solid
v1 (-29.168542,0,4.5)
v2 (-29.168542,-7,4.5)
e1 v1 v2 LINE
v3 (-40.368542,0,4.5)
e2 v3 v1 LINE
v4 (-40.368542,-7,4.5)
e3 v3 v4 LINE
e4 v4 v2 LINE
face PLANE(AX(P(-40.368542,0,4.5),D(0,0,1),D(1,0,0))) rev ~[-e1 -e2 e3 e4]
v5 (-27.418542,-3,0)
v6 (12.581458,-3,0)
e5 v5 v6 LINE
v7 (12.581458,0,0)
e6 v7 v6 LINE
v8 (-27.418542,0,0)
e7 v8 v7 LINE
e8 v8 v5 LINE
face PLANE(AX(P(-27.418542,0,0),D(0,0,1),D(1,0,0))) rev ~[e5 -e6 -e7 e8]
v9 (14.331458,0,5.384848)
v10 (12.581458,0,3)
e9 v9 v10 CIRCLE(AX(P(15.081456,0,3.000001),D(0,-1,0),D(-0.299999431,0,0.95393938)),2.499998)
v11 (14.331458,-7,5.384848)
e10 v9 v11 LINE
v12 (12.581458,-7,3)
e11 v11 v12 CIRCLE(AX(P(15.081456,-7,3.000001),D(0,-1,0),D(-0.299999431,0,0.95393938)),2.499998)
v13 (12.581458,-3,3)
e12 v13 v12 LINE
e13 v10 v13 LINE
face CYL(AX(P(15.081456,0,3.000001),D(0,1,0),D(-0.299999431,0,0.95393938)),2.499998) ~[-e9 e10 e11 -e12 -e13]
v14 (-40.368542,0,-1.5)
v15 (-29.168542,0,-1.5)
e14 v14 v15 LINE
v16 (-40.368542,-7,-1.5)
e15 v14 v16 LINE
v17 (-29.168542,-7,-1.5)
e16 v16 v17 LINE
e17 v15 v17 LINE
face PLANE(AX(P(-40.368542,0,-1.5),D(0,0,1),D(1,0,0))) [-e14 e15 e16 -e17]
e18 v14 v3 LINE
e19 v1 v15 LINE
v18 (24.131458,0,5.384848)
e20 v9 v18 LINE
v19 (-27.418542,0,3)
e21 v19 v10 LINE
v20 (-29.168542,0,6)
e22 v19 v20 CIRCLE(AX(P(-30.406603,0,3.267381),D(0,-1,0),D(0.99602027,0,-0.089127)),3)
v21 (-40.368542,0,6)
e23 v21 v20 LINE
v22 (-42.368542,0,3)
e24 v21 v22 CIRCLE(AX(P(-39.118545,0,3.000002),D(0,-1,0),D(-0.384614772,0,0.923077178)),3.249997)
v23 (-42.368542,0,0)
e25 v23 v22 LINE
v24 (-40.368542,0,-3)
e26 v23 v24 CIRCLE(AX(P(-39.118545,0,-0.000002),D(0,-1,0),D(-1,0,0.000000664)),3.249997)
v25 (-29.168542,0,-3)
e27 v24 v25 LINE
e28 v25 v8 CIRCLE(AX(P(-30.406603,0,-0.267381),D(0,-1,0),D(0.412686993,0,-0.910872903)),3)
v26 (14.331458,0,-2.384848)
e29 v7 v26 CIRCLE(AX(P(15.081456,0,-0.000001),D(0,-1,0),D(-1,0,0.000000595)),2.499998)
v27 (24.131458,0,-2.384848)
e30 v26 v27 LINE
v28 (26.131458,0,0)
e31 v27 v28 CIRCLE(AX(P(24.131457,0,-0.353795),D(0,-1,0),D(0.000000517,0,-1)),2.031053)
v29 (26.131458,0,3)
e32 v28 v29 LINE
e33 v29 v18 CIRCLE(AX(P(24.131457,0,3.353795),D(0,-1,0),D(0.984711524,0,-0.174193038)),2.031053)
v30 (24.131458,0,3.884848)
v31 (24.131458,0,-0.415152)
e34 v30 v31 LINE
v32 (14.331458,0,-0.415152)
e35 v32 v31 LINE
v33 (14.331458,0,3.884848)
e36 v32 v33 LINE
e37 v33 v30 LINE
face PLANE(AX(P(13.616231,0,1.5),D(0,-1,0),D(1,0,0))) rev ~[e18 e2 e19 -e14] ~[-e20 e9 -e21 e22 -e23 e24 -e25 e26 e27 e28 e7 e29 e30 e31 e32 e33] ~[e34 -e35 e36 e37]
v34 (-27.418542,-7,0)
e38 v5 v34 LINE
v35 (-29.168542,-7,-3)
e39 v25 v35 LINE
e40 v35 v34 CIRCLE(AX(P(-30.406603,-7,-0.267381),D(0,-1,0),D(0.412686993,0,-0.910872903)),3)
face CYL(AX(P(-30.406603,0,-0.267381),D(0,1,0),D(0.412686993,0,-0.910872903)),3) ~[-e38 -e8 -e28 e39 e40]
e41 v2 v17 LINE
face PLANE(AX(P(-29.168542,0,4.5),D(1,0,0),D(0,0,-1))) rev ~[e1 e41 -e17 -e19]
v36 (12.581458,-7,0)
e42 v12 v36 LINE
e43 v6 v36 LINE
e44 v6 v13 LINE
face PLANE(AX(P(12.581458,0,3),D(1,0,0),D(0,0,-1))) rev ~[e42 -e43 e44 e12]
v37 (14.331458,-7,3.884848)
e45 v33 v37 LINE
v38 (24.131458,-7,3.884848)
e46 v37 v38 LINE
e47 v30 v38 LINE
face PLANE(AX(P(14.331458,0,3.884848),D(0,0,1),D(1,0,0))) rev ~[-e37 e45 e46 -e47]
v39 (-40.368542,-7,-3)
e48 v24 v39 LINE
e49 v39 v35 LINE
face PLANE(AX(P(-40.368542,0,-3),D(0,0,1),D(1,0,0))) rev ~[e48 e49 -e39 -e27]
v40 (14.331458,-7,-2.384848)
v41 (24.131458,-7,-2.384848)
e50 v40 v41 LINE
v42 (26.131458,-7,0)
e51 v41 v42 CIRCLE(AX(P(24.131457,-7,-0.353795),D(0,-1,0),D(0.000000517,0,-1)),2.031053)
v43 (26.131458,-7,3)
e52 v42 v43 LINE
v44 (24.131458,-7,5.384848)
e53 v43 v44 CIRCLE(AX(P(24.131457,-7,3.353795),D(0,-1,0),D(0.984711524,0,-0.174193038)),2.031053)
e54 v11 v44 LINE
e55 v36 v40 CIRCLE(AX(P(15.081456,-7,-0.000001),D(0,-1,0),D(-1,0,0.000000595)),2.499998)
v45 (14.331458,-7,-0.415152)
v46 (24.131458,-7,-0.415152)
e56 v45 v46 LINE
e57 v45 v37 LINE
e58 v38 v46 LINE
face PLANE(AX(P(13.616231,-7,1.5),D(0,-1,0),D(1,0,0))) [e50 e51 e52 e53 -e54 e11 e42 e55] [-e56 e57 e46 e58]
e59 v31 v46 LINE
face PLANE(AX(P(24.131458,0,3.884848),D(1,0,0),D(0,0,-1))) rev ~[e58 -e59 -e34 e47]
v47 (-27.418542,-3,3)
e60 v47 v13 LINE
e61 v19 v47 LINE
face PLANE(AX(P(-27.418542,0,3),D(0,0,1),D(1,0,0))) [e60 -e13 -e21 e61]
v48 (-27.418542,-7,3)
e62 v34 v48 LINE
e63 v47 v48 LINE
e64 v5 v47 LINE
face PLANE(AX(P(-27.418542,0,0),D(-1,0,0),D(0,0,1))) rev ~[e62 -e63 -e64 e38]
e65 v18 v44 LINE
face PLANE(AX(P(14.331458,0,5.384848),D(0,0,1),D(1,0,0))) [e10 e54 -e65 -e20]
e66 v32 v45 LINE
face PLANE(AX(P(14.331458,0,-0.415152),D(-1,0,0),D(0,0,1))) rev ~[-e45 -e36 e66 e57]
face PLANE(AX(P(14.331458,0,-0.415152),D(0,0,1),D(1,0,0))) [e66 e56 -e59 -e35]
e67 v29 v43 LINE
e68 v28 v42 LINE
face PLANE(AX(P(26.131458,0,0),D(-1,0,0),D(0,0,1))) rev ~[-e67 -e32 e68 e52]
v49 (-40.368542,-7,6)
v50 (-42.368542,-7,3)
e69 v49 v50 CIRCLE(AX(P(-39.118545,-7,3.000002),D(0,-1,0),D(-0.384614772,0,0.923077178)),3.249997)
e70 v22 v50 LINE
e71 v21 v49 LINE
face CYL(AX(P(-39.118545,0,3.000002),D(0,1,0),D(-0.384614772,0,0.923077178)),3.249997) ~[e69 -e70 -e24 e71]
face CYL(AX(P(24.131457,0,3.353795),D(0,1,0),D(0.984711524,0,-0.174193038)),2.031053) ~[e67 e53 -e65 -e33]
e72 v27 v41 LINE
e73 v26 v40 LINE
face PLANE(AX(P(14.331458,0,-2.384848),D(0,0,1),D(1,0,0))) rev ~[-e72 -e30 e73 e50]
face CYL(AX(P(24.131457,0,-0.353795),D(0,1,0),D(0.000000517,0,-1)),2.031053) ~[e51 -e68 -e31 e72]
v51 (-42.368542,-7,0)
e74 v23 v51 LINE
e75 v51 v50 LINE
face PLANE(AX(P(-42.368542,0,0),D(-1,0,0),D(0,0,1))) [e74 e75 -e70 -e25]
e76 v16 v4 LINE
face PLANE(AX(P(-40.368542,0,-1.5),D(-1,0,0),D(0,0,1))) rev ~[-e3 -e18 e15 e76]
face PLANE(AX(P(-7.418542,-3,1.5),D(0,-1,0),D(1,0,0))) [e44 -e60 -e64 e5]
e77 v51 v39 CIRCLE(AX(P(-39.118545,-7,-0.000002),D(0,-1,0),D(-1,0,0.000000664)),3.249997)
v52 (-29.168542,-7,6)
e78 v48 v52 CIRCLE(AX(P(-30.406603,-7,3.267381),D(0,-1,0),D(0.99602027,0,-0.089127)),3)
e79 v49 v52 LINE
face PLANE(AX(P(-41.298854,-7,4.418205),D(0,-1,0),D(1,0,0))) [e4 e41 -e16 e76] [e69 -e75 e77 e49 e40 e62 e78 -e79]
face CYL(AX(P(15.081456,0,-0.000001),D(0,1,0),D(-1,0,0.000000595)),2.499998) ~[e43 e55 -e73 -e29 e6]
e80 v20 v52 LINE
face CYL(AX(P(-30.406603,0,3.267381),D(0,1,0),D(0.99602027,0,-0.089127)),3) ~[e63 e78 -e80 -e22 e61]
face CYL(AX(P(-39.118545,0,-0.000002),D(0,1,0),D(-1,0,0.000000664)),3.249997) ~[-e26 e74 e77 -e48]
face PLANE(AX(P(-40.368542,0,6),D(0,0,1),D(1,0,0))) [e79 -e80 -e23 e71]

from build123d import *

# Parameters (mm, degrees)
F0_W     = 0.75
F0_H     = 3
F0_W_2   = 11.2
F0_H_2   = 1.5
F1_DEPTH = 7
F0_W_3   = 40
F2_DEPTH = 3
F0_W_4   = 9.8
F0_H_3   = 1.969696
F3_DEPTH = 7


with BuildPart() as f1:
    # F0 (on Front) → F1 (new body)
    with BuildSketch(Plane.XZ):
        with BuildLine():
            Line((-40.368542, 4.5), (-40.368542, 6))
            ThreePointArc((-40.368542, 6), (-41.822706, 4.802776), (-42.368542, 3))
            Line((-42.368542, 3), (-41.618542, 3))
            ThreePointArc((-41.618542, 3), (-41.166325, 3.893986), (-40.368542, 4.5))
        make_face()
        with Locations((-41.993542, 1.5)):
            Rectangle(F0_W, F0_H)
        with BuildLine():
            ThreePointArc((-42.368542, 0), (-41.822706, -1.802776), (-40.368542, -3))
            Line((-40.368542, -3), (-40.368542, -1.5))
            ThreePointArc((-40.368542, -1.5), (-41.162473, -0.890775), (-41.618542, 0))
            Line((-41.618542, 0), (-42.368542, 0))
        make_face()
        with Locations((-34.768542, -2.25)):
            Rectangle(F0_W_2, F0_H_2)
        with BuildLine():
            ThreePointArc((-29.168542, -3), (-27.815266, -1.778994), (-27.418542, 0))
            Line((-27.418542, 0), (-27.418542, 3))
            ThreePointArc((-27.418542, 3), (-27.815266, 4.778994), (-29.168542, 6))
            Line((-29.168542, 6), (-29.168542, 4.5))
            Line((-29.168542, 4.5), (-29.168542, -1.5))
            Line((-29.168542, -1.5), (-29.168542, -3))
        make_face()
        with Locations((-34.768542, 5.25)):
            Rectangle(F0_W_2, F0_H_2)
        with BuildLine():
            ThreePointArc((-41.618542, 0), (-41.162473, -0.890775), (-40.368542, -1.5))
            Line((-40.368542, -1.5), (-40.368542, 4.5))
            ThreePointArc((-40.368542, 4.5), (-41.166325, 3.893986), (-41.618542, 3))
            Line((-41.618542, 3), (-41.618542, 0))
        make_face()
    extrude(amount=F1_DEPTH)

    # F0 (on Front) → F2 (join)
    with BuildSketch(Plane.XZ):
        with Locations((-7.418542, 1.5)):
            Rectangle(F0_W_3, F0_H)
    extrude(amount=F2_DEPTH)

    # F0 (on Front) → F3 (join)
    with BuildSketch(Plane.XZ):
        with BuildLine():
            Line((12.581458, 3), (12.581458, 0))
            ThreePointArc((12.581458, 0), (13.065893, -1.47902), (14.331458, -2.384848))
            Line((14.331458, -2.384848), (14.331458, -0.415152))
            Line((14.331458, -0.415152), (14.331458, 3.884848))
            Line((14.331458, 3.884848), (14.331458, 5.384848))
            ThreePointArc((14.331458, 5.384848), (13.065893, 4.47902), (12.581458, 3))
        make_face()
        with Locations((19.231458, -1.4)):
            Rectangle(F0_W_4, F0_H_3)
        with BuildLine():
            Line((24.131458, -0.415152), (24.131458, -2.384848))
            ThreePointArc((24.131458, -2.384848), (25.687695, -1.6589), (26.131458, 0))
            Line((26.131458, 0), (25.381458, 0))
            Line((25.381458, 0), (25.381458, 3))
            Line((25.381458, 3), (26.131458, 3))
            ThreePointArc((26.131458, 3), (25.687695, 4.6589), (24.131458, 5.384848))
            Line((24.131458, 5.384848), (24.131458, 3.884848))
            Line((24.131458, 3.884848), (24.131458, -0.415152))
        make_face()
        with Locations((25.756458, 1.5)):
            Rectangle(F0_W, F0_H)
        with Locations((19.231458, 4.634848)):
            Rectangle(F0_W_4, F0_H_2)
    extrude(amount=F3_DEPTH)


solid = f1.part
